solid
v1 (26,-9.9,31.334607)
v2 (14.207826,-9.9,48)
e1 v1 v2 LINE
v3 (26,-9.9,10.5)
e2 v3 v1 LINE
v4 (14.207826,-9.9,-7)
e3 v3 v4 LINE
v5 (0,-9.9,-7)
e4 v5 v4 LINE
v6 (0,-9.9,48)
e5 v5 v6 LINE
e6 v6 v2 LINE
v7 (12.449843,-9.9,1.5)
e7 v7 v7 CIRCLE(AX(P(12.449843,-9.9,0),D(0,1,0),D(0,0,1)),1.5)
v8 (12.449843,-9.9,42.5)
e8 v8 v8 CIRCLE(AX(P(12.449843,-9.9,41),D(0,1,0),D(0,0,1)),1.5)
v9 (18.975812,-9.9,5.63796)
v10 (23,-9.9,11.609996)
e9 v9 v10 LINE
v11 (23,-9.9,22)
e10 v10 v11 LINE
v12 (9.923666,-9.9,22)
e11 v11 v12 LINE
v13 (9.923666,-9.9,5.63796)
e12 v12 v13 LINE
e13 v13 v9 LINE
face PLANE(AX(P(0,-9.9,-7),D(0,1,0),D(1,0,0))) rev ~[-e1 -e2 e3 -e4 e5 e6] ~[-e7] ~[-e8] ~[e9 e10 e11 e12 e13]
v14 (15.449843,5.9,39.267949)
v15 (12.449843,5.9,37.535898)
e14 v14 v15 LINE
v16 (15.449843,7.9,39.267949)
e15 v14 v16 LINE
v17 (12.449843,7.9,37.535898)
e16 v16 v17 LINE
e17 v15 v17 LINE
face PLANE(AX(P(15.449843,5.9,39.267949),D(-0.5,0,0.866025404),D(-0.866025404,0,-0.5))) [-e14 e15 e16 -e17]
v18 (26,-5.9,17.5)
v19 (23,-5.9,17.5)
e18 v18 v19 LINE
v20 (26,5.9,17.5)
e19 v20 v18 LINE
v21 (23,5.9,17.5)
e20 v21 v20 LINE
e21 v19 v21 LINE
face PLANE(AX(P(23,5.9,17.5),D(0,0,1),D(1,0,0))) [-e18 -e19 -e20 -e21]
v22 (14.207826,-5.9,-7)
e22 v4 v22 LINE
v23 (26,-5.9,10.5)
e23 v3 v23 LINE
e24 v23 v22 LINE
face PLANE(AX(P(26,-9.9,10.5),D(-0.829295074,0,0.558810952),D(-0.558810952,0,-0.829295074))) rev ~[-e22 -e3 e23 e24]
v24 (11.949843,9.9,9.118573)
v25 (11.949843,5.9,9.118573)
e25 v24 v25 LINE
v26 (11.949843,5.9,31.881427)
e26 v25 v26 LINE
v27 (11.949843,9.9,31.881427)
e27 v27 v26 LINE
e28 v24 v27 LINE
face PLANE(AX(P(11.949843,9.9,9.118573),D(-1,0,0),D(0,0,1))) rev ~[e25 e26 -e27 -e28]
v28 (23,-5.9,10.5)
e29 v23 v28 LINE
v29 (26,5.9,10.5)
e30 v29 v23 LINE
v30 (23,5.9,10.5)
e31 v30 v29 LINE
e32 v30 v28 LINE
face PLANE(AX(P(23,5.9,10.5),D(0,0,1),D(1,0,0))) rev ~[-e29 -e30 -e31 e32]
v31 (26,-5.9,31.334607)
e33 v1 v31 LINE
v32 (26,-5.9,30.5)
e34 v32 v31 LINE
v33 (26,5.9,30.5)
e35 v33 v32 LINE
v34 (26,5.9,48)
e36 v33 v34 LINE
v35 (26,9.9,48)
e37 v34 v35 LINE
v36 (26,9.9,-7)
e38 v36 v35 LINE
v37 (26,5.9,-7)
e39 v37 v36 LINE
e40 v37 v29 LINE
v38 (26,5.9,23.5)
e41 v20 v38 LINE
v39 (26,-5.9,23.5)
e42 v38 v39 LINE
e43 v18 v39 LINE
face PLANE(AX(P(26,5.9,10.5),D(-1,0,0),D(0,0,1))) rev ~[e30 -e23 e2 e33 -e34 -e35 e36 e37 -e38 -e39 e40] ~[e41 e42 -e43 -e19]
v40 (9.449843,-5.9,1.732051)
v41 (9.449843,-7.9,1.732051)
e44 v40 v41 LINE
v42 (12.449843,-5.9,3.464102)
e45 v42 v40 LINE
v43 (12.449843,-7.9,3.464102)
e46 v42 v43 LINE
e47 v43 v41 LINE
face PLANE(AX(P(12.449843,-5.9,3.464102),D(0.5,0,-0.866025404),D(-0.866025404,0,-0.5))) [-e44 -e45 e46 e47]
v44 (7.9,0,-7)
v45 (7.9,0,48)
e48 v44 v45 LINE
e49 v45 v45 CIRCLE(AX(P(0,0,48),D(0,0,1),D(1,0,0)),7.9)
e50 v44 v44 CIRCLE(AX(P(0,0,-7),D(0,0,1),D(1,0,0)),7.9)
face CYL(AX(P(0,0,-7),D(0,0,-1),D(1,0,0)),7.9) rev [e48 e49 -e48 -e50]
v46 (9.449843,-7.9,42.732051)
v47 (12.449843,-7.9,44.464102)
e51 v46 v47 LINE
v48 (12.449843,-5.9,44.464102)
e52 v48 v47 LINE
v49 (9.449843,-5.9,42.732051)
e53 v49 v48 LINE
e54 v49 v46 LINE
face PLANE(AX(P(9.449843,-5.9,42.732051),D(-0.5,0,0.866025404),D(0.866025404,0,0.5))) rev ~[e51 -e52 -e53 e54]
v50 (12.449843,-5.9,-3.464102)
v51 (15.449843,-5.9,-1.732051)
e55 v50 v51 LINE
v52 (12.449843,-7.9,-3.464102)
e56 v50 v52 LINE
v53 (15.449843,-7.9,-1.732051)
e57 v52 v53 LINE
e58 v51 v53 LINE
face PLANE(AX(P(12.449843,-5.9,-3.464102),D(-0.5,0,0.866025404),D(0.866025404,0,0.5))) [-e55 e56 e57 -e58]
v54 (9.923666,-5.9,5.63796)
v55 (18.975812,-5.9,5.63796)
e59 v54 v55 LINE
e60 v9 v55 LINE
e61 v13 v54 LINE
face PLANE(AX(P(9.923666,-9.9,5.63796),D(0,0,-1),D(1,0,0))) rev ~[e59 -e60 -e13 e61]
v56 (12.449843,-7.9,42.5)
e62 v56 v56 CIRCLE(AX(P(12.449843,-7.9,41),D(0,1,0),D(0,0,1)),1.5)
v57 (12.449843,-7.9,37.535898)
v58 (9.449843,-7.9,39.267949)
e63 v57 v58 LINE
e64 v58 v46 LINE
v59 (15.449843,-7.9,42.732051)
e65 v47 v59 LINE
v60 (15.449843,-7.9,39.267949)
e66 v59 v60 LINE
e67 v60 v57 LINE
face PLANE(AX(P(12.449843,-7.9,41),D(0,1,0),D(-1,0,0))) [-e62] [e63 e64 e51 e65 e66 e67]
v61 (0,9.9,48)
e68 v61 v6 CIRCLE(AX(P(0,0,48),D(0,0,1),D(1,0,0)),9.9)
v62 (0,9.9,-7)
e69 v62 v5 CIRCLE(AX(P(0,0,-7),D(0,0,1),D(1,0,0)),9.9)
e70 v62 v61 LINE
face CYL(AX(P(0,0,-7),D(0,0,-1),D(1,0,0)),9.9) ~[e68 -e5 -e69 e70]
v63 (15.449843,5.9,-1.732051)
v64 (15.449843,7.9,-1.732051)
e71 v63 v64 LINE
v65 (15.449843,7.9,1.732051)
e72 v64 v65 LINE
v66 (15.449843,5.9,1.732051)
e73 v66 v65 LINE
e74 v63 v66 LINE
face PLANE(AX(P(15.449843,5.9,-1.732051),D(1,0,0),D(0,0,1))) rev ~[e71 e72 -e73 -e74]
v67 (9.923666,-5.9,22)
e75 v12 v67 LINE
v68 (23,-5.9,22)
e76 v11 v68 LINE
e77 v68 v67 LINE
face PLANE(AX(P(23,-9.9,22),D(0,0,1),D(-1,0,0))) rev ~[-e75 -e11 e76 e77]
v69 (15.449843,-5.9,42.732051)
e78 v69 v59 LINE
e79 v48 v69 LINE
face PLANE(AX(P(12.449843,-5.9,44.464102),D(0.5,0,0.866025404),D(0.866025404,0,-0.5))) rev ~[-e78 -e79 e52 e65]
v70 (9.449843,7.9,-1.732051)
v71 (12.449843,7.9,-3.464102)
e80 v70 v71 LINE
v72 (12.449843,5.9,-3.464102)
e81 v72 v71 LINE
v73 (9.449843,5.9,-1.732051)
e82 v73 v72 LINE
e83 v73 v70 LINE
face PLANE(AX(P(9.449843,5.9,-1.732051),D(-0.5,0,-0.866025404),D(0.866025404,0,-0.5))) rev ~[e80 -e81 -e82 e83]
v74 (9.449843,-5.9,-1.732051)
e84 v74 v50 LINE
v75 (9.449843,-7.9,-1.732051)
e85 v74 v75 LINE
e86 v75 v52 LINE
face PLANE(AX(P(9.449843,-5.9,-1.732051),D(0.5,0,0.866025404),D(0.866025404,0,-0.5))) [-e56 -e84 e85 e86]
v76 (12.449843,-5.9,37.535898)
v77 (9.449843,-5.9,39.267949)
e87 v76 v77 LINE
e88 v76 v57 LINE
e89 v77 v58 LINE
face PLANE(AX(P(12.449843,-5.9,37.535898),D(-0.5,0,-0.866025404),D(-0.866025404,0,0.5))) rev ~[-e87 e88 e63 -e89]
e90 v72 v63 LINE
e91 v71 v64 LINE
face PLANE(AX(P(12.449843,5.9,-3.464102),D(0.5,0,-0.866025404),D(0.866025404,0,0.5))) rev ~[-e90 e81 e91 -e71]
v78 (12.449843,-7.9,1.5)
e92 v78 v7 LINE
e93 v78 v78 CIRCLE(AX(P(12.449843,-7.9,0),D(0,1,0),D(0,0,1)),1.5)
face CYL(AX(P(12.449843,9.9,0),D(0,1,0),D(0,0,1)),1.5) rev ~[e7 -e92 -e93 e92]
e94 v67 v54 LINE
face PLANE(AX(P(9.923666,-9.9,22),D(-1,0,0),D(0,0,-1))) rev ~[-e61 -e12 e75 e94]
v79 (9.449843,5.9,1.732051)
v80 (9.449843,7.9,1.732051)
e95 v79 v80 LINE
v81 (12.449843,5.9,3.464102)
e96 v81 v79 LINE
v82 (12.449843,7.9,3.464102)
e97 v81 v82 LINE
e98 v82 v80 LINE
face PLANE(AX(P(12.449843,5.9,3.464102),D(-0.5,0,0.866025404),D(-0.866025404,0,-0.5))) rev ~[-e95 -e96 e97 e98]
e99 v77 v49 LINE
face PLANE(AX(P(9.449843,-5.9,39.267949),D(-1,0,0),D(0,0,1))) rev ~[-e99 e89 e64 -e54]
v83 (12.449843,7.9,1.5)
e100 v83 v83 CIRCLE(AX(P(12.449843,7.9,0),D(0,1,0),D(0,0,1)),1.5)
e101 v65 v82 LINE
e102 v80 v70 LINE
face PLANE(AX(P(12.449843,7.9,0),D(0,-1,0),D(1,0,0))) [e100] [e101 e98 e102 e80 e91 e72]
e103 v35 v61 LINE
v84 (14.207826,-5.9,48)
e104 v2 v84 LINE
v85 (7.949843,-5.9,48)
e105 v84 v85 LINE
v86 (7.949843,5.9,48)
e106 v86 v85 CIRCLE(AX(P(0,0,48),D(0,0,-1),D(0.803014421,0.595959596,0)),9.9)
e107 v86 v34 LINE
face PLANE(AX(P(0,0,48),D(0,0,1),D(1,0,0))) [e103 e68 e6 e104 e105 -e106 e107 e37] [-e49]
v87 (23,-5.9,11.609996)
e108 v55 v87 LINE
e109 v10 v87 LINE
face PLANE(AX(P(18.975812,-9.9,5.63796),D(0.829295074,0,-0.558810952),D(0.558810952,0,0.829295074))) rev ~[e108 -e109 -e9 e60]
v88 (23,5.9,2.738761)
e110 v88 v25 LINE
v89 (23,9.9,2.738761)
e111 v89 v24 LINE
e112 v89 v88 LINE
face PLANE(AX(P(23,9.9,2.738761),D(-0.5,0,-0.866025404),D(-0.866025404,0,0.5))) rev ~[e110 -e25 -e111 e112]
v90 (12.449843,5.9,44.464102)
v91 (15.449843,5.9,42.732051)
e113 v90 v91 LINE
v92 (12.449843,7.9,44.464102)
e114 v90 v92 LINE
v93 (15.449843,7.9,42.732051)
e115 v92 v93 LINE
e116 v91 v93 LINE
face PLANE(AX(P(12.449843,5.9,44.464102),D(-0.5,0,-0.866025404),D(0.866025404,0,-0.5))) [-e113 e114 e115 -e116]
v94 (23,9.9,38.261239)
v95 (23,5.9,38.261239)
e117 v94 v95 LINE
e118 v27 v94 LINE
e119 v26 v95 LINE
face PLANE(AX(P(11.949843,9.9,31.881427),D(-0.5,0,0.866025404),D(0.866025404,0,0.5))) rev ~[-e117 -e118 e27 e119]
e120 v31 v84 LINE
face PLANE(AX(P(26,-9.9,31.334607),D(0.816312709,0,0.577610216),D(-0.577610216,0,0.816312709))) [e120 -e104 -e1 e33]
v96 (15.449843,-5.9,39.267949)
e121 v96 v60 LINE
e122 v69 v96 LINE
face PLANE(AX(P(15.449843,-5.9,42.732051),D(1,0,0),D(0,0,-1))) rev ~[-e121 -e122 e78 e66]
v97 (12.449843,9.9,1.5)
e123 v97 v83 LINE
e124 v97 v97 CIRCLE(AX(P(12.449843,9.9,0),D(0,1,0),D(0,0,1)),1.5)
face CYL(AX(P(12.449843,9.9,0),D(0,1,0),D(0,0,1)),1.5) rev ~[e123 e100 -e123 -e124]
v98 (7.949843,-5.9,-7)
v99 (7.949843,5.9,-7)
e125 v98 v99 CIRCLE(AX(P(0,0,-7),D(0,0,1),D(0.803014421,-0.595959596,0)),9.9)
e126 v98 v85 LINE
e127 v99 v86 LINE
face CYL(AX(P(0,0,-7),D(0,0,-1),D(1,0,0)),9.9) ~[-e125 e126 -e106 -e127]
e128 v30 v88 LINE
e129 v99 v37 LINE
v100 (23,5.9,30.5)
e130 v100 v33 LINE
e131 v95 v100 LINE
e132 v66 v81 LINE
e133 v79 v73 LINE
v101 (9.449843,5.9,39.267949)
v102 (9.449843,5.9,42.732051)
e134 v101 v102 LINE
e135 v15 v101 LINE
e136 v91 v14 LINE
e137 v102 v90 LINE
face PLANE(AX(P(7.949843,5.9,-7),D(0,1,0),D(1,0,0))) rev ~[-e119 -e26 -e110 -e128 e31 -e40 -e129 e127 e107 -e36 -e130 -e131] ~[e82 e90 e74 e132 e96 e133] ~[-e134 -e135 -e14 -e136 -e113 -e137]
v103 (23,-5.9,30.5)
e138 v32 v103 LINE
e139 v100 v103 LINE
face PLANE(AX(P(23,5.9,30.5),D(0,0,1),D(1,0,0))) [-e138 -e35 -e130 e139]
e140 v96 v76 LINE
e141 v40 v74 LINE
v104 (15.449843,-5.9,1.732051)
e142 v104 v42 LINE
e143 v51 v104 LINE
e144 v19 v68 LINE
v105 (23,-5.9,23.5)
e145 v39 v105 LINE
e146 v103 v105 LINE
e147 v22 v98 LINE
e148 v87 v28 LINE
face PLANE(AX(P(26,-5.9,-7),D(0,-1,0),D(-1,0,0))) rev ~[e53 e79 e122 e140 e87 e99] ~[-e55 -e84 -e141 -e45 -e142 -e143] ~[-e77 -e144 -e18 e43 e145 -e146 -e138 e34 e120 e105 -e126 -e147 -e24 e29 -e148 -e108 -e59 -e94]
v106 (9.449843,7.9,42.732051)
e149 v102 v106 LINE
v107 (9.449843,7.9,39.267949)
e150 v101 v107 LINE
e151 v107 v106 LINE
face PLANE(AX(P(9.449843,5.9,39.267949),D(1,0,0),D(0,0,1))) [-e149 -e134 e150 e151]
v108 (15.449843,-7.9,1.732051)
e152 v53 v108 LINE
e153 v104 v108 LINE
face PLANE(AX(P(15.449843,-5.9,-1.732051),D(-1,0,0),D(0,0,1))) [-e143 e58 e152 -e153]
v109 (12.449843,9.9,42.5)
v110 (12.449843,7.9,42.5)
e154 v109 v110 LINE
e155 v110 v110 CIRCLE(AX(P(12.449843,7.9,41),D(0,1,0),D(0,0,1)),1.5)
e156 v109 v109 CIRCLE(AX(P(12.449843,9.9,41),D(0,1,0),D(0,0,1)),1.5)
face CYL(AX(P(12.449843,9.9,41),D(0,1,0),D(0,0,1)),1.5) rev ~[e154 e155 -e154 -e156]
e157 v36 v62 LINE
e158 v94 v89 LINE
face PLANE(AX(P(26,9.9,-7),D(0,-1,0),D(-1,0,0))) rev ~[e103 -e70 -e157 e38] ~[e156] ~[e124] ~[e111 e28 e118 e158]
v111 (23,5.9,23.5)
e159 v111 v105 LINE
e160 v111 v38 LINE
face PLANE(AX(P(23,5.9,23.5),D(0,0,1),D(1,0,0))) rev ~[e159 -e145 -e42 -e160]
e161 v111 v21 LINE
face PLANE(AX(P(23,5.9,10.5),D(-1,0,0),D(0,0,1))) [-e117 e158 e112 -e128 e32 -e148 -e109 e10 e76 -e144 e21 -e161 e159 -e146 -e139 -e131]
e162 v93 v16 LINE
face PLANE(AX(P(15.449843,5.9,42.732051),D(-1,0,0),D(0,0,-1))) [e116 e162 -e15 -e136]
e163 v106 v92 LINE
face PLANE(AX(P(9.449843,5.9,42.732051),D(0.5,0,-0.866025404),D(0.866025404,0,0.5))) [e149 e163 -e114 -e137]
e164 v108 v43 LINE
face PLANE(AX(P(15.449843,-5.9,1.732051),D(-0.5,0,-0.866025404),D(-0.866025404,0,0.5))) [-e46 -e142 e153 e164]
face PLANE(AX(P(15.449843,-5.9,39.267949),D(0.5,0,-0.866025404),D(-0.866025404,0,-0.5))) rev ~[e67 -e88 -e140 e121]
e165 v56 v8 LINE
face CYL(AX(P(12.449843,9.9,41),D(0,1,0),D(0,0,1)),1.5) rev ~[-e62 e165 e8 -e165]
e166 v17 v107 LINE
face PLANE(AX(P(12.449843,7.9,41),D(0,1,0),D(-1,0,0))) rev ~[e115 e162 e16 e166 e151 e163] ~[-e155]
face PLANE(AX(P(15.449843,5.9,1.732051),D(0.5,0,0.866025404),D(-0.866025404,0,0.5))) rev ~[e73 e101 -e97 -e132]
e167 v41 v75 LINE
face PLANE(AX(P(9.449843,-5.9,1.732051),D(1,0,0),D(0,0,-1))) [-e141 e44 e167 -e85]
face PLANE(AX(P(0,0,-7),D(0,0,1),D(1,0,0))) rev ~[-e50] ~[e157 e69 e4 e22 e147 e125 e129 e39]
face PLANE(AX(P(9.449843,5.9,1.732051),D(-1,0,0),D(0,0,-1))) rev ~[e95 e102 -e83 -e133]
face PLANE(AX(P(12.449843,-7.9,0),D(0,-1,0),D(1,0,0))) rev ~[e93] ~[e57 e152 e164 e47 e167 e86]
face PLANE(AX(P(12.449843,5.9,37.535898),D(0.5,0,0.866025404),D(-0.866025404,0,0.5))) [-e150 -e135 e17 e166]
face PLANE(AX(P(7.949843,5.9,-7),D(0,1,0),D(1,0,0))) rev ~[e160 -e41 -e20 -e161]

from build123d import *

# Parameters (mm, degrees)
EXTRUDE_1_DEPTH      = 48
EXTRUDE_1_DEPTH_BACK = 7
SKETCH_2_R           = 9.9
SKETCH_2_R_2         = 7.9
CUT_EXTRUDE_1_DEPTH  = 2
SKETCH_4_R           = 1.5
CUT_EXTRUDE_2_DEPTH  = 28
CUT_EXTRUDE_3_DEPTH  = 10
SKETCH_7_W           = 3
SKETCH_7_H           = 7
EXTRUDE_3_DEPTH      = 12
CUT_EXTRUDE_4_DEPTH  = 10
CUT_EXTRUDE_START    = 11.8
CUT_EXTRUDE_7_DEPTH  = 2


with BuildPart() as part:
    # Эскиз2 → Бобышка-Вытянуть1 (new, two sides: drawn at the far end of the back side and taken through both)
    # profile 1 of 3: a face of its own
    with BuildSketch(Plane.XY.offset(-EXTRUDE_1_DEPTH_BACK)):
        Circle(SKETCH_2_R)
        Circle(SKETCH_2_R_2, mode=Mode.SUBTRACT)
    # profile 2 of 3: a face of its own
    with BuildSketch(Plane.XY.offset(-EXTRUDE_1_DEPTH_BACK)):
        with BuildLine():
            Line((26, 9.9), (0, 9.9))
            ThreePointArc((0, 9.9), (4.449719092, 8.843641784), (7.949842766, 5.9))
            Line((7.949842766, 5.9), (26, 5.9))
            Line((26, 5.9), (26, 9.9))
        make_face()
    # profile 3 of 3: a face of its own
    with BuildSketch(Plane.XY.offset(-EXTRUDE_1_DEPTH_BACK)):
        with BuildLine():
            ThreePointArc((7.949842766, -5.9), (4.449719092, -8.843641784), (0, -9.9))
            Line((0, -9.9), (26, -9.9))
            Line((26, -9.9), (26, -5.9))
            Line((26, -5.9), (7.949842766, -5.9))
        make_face()
    extrude(amount=EXTRUDE_1_DEPTH + EXTRUDE_1_DEPTH_BACK)

    # Эскиз3 → Вырез-Вытянуть1 (cut)
    with BuildSketch(Plane.XZ.offset(-5.9)):
        Polygon((15.449842766, -1.732050808), (15.449842766, 1.732050808), (12.449842766, 3.464101615), (9.449842766, 1.732050808), (9.449842766, -1.732050808), (12.449842766, -3.464101615), align=None)
        Polygon((12.449842766, 44.464101615), (15.449842766, 42.732050808), (15.449842766, 39.267949192), (12.449842766, 37.535898385), (9.449842766, 39.267949192), (9.449842766, 42.732050808), align=None)
    extrude(amount=-CUT_EXTRUDE_1_DEPTH, mode=Mode.SUBTRACT)

    # Эскиз4 → Вырез-Вытянуть2 (cut)
    with BuildSketch(Plane(origin=(0, 9.9, 0), x_dir=(1, 0, 0), z_dir=(0, 1, 0))):
        with Locations(Location((12.449842766, 0, 0), (0, 0, 270))):
            Circle(SKETCH_4_R)
        with Locations(Location((12.449842766, -41, 0), (0, 0, 270))):
            Circle(SKETCH_4_R)
    extrude(amount=-CUT_EXTRUDE_2_DEPTH, mode=Mode.SUBTRACT)

    # Эскиз5 → Вырез-Вытянуть3 (cut)
    with BuildSketch(Plane(origin=(0, 9.9, 0), x_dir=(1, 0, 0), z_dir=(0, 1, 0))):
        Polygon((23, -38.261238623), (23, -2.738761377), (11.949842766, -9.118572631), (11.949842766, -31.881427369), align=None)
    extrude(amount=-CUT_EXTRUDE_3_DEPTH, mode=Mode.SUBTRACT)

    # Эскиз7 → Бобышка-Вытянуть3 (add)
    with BuildSketch(Plane.XZ.offset(-5.9)):
        with Locations((24.5, 14)):
            Rectangle(SKETCH_7_W, SKETCH_7_H)
        with Locations((24.5, 27)):
            Rectangle(SKETCH_7_W, SKETCH_7_H)
    extrude(amount=EXTRUDE_3_DEPTH)

    # Эскиз8 → Вырез-Вытянуть4 (cut)
    with BuildSketch(Plane.XZ.offset(9.9)):
        Polygon((26, -7), (26, 10.5), (14.207826174, -7), align=None)
        Polygon((26, 48), (26, 31.334606818), (14.207826174, 48), align=None)
        Polygon((23, 22), (9.923665741, 22), (9.923665741, 5.63795963), (18.975811945, 5.63795963), (23, 11.609995999), align=None)
    extrude(amount=-CUT_EXTRUDE_4_DEPTH, mode=Mode.SUBTRACT)

    # Эскиз3<2> → Вырез-Вытянуть7 (cut)
    with BuildSketch(Plane.XZ.offset(-5.9).offset(CUT_EXTRUDE_START)):
        Polygon((15.449842766, 42.732050808), (15.449842766, 39.267949192), (12.449842766, 37.535898385), (9.449842766, 39.267949192), (9.449842766, 42.732050808), (12.449842766, 44.464101615), align=None)
        Polygon((9.449842766, -1.732050808), (12.449842766, -3.464101615), (15.449842766, -1.732050808), (15.449842766, 1.732050808), (12.449842766, 3.464101615), (9.449842766, 1.732050808), align=None)
    extrude(amount=CUT_EXTRUDE_7_DEPTH, mode=Mode.SUBTRACT)


solid = part.part
